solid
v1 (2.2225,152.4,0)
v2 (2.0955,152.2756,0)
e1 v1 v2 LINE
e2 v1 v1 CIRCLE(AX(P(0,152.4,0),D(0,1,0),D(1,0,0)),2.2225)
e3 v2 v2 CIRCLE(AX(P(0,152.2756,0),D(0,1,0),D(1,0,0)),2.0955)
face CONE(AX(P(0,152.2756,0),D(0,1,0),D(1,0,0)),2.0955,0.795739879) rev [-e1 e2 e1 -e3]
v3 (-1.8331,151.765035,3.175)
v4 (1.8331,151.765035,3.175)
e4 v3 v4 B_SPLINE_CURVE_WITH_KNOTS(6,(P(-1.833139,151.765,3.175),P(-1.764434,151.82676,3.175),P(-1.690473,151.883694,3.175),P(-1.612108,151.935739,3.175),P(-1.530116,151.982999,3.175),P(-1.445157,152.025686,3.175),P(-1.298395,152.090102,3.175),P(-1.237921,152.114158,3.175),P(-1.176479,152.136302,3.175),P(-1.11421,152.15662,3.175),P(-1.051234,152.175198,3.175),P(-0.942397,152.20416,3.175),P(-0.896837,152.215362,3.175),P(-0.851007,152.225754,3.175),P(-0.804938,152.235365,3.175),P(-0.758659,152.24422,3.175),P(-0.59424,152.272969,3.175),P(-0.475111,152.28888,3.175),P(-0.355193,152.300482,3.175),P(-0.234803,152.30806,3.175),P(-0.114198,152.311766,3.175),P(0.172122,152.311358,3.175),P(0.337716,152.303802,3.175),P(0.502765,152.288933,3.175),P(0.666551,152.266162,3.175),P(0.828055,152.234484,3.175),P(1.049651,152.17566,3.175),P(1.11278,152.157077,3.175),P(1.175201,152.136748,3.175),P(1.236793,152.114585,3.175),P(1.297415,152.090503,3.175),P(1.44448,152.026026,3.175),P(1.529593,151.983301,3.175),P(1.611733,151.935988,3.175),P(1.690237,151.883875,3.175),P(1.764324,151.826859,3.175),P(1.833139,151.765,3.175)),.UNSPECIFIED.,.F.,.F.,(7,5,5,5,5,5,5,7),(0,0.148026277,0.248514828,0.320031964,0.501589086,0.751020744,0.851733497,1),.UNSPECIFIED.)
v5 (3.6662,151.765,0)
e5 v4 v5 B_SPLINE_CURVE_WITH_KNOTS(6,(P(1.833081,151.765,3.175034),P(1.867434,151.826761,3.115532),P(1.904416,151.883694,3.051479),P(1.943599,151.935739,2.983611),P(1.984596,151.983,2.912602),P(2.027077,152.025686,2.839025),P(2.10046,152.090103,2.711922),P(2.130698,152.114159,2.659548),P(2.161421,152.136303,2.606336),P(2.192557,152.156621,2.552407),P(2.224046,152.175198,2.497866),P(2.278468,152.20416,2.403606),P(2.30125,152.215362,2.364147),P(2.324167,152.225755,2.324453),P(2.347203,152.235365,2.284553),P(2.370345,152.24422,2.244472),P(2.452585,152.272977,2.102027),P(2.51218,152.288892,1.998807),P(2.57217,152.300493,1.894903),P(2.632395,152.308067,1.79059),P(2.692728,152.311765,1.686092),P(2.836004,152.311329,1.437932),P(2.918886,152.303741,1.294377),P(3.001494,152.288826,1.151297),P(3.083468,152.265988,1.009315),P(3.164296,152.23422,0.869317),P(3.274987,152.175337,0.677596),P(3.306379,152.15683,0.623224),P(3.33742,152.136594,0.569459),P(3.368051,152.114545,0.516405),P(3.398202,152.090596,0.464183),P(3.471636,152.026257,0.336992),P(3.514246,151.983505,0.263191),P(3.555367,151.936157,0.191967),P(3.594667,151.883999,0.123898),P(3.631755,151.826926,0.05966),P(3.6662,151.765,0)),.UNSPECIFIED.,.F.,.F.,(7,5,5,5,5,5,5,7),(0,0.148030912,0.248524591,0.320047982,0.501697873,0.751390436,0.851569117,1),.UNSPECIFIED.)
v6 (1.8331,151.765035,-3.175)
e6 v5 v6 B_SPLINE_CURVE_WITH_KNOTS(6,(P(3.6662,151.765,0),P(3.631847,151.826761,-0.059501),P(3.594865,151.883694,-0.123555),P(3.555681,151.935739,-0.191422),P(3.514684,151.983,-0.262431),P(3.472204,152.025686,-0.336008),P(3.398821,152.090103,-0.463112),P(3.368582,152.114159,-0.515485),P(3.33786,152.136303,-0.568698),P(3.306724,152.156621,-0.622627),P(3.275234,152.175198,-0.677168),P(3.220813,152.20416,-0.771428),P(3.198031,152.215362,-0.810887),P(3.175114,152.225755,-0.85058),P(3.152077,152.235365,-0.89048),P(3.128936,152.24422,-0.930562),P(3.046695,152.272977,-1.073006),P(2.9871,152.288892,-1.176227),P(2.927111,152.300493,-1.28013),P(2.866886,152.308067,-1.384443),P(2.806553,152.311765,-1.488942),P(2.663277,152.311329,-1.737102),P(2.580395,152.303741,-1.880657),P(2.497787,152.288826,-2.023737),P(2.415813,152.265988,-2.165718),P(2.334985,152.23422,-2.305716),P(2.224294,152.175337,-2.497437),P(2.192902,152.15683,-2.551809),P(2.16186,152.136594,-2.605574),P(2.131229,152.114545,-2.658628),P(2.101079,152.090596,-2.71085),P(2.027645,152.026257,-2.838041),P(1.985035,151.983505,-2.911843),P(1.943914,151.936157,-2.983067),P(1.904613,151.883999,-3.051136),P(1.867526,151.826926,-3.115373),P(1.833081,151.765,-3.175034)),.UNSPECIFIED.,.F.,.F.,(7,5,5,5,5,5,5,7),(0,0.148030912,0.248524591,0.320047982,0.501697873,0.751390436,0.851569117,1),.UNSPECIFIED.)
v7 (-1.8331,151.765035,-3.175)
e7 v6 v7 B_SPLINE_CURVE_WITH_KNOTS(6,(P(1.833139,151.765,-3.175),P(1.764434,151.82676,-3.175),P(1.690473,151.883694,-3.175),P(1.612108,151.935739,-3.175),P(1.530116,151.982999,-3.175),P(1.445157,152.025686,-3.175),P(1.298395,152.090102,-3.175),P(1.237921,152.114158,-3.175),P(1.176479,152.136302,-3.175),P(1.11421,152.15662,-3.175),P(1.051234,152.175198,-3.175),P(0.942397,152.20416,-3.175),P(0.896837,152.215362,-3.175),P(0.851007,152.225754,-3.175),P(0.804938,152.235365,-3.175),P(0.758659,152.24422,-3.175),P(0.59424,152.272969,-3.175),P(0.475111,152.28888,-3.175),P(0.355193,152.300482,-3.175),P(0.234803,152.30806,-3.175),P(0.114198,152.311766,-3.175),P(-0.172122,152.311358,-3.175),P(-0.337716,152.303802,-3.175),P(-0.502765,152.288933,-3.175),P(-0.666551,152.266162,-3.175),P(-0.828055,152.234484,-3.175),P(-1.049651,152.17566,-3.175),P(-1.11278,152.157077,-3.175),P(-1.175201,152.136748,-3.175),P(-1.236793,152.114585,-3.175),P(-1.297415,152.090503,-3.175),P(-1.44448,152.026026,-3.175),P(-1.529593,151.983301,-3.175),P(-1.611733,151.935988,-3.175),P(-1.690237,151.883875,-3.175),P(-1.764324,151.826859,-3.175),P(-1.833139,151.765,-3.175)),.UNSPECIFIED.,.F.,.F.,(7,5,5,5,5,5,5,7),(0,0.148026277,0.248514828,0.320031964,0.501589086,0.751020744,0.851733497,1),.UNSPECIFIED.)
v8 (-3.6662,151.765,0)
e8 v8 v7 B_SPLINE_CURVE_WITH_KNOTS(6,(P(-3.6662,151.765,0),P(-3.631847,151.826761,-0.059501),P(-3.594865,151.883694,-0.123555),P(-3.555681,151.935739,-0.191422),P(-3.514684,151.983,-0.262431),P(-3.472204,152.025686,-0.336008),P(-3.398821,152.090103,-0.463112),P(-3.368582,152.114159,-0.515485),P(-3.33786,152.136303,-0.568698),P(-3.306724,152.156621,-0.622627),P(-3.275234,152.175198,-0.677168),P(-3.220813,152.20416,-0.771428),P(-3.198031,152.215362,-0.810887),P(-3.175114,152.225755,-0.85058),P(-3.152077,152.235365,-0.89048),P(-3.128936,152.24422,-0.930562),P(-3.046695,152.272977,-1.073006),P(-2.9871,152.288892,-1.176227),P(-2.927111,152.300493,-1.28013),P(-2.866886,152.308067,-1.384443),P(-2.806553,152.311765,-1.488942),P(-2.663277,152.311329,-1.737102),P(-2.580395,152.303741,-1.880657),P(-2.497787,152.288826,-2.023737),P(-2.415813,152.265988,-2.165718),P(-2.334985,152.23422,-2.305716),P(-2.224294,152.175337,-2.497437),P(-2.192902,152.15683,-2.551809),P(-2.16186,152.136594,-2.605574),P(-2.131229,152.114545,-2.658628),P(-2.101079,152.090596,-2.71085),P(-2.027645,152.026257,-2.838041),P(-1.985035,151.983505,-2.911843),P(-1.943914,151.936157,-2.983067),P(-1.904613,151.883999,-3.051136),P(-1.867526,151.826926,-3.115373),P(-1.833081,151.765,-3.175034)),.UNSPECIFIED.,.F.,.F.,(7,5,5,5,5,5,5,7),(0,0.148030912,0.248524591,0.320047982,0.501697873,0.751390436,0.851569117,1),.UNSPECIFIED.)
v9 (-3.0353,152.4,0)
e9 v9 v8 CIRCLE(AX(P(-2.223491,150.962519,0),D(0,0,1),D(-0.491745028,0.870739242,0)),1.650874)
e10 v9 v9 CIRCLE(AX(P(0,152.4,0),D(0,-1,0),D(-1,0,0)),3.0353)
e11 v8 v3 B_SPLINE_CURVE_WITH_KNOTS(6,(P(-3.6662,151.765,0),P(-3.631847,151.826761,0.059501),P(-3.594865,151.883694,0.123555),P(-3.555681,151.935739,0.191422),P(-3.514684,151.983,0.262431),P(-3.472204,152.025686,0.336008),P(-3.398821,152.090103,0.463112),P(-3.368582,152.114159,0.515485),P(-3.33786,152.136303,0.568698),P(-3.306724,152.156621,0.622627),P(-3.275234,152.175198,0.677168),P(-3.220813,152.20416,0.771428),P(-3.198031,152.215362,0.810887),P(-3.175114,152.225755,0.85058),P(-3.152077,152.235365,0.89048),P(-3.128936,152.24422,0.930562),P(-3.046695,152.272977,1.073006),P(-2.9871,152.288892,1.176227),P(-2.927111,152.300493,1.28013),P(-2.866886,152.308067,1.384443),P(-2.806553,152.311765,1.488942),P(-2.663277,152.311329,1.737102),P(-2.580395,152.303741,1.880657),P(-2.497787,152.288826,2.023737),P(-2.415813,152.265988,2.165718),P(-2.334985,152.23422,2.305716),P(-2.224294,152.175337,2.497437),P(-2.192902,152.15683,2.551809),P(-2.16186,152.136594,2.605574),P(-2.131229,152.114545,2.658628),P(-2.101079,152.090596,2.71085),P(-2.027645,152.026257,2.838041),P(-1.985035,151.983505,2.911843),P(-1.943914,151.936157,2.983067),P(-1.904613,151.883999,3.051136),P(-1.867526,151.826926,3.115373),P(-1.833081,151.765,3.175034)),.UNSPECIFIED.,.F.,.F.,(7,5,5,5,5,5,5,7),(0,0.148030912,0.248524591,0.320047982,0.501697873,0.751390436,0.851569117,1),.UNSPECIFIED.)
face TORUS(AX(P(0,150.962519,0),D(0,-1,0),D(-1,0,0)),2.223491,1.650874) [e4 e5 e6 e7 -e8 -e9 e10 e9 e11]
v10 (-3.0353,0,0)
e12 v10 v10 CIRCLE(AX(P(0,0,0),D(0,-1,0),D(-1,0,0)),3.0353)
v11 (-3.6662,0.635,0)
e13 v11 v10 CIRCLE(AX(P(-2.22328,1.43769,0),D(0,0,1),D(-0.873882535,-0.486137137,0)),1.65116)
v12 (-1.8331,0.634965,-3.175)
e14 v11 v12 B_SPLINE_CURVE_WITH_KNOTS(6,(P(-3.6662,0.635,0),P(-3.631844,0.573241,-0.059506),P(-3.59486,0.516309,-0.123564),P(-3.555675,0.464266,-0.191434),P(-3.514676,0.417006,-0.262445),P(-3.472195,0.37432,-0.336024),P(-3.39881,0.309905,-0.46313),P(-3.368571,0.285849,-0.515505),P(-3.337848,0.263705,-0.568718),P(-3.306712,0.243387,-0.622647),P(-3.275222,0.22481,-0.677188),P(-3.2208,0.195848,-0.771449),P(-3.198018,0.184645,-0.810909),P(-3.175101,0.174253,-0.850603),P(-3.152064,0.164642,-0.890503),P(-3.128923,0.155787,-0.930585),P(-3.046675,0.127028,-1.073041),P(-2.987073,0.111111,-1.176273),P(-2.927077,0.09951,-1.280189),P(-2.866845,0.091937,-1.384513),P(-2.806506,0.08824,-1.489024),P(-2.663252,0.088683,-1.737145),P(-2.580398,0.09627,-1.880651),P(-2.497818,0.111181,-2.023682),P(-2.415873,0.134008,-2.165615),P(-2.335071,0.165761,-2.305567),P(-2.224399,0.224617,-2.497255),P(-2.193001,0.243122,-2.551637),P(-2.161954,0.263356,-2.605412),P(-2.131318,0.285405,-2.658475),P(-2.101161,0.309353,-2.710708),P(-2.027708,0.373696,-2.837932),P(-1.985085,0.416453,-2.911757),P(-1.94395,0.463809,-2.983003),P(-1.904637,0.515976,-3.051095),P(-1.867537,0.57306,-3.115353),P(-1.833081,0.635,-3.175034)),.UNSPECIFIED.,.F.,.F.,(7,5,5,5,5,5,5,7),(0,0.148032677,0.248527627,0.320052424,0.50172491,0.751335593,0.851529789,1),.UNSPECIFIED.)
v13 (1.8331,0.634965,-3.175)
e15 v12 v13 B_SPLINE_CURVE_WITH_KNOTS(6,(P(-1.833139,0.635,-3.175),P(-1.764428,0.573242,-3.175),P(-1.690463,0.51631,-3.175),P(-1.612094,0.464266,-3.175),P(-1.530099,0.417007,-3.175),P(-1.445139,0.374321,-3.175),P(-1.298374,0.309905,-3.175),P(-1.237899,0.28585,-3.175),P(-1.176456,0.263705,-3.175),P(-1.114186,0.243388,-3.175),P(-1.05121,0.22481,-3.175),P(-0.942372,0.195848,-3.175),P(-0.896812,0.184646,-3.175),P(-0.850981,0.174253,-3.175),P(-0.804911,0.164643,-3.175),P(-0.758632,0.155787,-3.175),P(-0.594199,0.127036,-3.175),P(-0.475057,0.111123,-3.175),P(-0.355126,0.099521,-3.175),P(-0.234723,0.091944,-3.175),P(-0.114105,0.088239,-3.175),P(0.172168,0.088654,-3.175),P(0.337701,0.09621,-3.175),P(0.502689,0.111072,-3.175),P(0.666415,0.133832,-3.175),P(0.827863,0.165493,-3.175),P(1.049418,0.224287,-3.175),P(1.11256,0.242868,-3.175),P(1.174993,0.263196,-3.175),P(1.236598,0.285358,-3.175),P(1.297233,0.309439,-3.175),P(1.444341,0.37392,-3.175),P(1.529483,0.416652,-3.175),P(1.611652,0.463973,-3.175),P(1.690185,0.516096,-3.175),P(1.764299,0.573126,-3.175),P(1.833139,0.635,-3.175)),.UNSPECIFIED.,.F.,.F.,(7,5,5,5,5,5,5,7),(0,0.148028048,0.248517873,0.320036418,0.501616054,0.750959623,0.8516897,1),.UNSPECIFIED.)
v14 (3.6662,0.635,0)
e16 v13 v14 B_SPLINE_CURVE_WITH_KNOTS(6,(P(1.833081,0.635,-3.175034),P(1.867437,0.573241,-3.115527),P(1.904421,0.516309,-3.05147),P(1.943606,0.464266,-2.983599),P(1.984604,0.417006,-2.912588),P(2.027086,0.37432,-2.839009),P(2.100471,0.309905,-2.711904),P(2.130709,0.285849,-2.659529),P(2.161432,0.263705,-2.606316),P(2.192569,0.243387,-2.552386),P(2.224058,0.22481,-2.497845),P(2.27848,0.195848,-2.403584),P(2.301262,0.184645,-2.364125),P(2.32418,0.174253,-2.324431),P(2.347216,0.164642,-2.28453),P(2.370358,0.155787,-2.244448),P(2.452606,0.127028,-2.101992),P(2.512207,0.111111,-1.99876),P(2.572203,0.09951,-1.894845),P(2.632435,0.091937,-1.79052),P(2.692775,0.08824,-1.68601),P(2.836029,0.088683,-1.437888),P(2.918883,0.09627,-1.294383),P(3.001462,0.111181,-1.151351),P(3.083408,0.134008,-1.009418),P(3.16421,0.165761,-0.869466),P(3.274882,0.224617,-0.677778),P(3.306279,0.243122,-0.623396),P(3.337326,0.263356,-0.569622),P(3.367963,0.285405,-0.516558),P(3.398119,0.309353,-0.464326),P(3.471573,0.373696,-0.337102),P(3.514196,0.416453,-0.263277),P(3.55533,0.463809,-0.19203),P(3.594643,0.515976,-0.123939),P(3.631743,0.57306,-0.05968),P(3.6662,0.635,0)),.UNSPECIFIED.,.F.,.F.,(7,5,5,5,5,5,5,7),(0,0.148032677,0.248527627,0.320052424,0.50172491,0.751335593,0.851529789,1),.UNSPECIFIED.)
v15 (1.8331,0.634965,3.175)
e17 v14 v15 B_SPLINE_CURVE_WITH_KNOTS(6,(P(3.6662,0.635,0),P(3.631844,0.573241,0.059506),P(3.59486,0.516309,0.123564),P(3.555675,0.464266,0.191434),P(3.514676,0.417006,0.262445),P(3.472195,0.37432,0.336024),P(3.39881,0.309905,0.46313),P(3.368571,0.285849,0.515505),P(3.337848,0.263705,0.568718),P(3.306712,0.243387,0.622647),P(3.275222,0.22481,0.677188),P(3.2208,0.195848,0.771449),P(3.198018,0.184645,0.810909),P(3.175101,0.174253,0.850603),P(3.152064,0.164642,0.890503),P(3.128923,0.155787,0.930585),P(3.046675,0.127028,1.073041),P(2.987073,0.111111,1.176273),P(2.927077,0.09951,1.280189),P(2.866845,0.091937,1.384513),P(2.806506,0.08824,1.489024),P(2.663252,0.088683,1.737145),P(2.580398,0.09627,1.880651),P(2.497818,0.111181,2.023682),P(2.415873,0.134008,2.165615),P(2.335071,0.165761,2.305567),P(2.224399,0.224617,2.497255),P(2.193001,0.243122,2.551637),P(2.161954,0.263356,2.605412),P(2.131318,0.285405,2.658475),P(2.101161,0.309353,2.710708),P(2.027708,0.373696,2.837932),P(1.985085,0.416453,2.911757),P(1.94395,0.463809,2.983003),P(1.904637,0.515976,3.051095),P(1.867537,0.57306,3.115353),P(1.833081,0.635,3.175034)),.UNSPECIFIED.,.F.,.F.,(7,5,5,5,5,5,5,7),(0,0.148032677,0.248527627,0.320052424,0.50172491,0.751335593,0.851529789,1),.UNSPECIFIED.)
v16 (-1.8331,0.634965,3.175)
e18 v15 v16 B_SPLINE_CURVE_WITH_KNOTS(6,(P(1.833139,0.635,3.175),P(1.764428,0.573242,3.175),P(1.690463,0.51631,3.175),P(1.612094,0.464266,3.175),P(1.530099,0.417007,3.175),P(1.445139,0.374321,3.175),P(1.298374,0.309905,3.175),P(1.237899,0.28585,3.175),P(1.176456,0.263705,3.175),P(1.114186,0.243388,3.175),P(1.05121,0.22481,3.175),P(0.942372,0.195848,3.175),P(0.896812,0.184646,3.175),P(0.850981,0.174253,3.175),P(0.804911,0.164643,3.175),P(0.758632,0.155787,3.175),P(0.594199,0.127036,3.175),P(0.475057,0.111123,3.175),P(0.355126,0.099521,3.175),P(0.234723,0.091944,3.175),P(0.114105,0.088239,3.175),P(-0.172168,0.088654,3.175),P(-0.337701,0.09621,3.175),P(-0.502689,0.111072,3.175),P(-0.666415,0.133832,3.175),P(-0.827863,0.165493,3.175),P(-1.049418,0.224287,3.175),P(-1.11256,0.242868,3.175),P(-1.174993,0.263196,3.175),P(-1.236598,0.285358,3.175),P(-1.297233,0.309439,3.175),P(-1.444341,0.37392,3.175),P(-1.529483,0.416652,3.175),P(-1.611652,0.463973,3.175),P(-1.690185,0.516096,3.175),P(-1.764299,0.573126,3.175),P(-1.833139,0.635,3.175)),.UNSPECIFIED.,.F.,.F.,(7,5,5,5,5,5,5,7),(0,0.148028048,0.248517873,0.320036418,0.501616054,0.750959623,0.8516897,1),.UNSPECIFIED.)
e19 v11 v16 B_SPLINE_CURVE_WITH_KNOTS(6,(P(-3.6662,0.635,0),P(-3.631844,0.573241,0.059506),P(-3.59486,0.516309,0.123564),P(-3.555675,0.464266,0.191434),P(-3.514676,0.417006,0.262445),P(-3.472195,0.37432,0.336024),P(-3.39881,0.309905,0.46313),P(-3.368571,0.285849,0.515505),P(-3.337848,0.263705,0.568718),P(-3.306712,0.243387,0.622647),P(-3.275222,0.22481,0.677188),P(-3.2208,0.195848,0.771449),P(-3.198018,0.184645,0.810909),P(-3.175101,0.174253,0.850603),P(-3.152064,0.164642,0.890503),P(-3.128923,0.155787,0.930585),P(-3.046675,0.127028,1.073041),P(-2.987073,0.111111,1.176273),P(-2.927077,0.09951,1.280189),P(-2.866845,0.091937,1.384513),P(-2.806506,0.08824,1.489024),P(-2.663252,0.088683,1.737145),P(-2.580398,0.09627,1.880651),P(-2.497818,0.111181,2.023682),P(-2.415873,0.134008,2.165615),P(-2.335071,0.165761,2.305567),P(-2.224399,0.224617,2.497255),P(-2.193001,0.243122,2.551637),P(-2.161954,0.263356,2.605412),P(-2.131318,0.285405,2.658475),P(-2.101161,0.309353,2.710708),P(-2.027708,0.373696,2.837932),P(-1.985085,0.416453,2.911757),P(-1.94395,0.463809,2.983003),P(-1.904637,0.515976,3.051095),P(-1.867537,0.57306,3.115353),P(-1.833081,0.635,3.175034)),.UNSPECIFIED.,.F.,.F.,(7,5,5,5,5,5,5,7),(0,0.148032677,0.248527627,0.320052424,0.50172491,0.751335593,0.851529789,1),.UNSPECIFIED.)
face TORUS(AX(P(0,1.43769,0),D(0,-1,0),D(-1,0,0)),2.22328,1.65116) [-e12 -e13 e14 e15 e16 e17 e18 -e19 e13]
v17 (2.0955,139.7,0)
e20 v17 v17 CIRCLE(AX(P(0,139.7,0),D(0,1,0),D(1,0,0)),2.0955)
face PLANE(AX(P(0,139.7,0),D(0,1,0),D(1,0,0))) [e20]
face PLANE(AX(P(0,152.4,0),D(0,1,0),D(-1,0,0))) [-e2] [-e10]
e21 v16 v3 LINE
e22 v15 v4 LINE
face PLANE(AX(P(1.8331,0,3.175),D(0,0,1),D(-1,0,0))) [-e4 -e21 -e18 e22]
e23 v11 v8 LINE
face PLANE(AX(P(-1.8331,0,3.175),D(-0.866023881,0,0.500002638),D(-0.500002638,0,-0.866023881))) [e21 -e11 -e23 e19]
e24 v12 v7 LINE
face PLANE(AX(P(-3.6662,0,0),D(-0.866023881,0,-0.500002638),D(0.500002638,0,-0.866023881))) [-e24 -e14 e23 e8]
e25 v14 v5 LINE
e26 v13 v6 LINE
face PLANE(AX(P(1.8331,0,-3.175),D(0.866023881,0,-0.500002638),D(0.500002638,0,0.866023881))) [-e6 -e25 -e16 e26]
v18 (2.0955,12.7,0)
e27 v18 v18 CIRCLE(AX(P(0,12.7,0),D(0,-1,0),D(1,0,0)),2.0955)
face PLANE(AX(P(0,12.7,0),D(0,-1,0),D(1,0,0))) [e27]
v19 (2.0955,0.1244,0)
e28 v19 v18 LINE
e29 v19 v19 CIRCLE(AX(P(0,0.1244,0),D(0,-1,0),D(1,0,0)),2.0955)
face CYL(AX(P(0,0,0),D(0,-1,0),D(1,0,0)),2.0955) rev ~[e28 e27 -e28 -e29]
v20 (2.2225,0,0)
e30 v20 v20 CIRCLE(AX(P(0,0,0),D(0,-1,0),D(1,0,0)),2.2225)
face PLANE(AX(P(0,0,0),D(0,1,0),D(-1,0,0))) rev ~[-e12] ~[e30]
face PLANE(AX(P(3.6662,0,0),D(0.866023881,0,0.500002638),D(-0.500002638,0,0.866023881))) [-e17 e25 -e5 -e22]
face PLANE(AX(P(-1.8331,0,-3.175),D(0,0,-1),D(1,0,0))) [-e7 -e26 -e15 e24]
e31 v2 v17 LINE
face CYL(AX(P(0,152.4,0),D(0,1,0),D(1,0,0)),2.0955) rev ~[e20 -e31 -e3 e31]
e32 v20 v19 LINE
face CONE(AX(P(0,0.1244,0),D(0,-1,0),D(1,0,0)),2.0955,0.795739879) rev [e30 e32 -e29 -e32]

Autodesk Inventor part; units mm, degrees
ref_plane "YZ Plane" through (0, 0, 0) normal (1, 0, 0) x (0, 1, 0)
ref_plane "XZ Plane" through (0, 0, 0) normal (0, 1, 0) x (-1, 0, 0)
ref_plane "XY Plane" through (0, 0, 0) normal (0, 0, 1) x (1, 0, 0)
sketch "Sketch1" plane through (0, 0, 0) normal (0, 1, 0) x (-1, 0, 0)
  line L0 (-1.8331, -3.175) -> (-3.6662, 0)
  line L1 (-3.6662, 0) -> (-1.8331, 3.175)
  line L2 (-1.8331, 3.175) -> (1.8331, 3.175)
  line L3 (1.8331, 3.175) -> (3.6662, 0)
  line L4 (3.6662, 0) -> (1.8331, -3.175)
  line L5 (1.8331, -3.175) -> (-1.8331, -3.175)
  point P0 (0, 0)
  point P1 (0, 0)
  dimension "d0" = 6.35
extrude "Body" add sketch "Sketch1" along normal blind 152.4
sketch "Sketch2" plane through (0, 152.4, 0) normal (0, 1, 0) x (1, 0, 0)
  circle A0 centre (0, 0) radius 2.0955
  dimension "d3" = 4.191
extrude "Hole 2" cut sketch "Sketch2" against normal blind 12.7
sketch "Sketch3" plane through (0, 0, 0) normal (0, -1, 0) x (1, 0, 0)
  circle A0 centre (0, 0) radius 2.0955
  dimension "d6" = 4.191
extrude "Hole 1" cut sketch "Sketch3" against normal blind 12.7
chamfer "Hole 2 Chamfer 1" distance 0.127 distance2 0.1244 1 edges at (-2.0955, 152.4, 0) measured on face at (0.0842, 152.4, 2.8101)
chamfer "Hole 1 Chamfer 1" distance 0.127 distance2 0.1244 1 edges at (-2.0955, 0, 0) measured on face at (-0.0842, 0, 2.8101)
sketch "Sketch4" plane through (0, 0, 0) normal (0, 0, 1) x (1, 0, 0)
  line L0 (1.8331, 152.4) -> (-1.8331, 152.4) projected
  line L1 (0, 152.4) -> (-3.0353, 152.4)
  line L2 (-3.6662, 152.4) -> (-1.8331, 152.4) projected
  line L3 (-3.6662, 0) -> (-3.6662, 152.4) projected
  arc A0 (-3.0353, 152.4) -> (-3.6662, 151.765) centre (-2.2234, 150.9624) ccw
  line L4 (-3.6662, 151.765) -> (-6.3588, 154.3647)
  line L5 (-6.3588, 154.3647) -> (0, 152.4)
  line L6 (0, 152.4) -> (0, 142.564)
  point P0 (0, 0)
  dimension "d15" = 3.0353
  dimension "d16" = 1.651
  dimension "d17" = 0.635
revolve "Hole 2 Chamfer 2" cut sketch "Sketch4" angle 360 about axis through (0, 152.4, 0) along (0, -1, 0)
sketch "Sketch5" plane through (0, 0, 0) normal (0, 0, 1) x (1, 0, 0)
  line L0 (0, 0) -> (-3.0353, 0)
  line L1 (1.8331, 0) -> (-1.8331, 0) projected
  line L2 (-3.6662, 0) -> (-3.6662, 152.4) projected
  arc A0 (-3.6662, 0.635) -> (-3.0353, 0) centre (-2.2234, 1.4376) ccw
  line L3 (0, 0) -> (0, -2.1986)
  line L4 (-3.6662, 0.635) -> (-4.1154, -0.8715)
  line L5 (-4.1154, -0.8715) -> (0, 0)
  point P0 (-3.6662, 151.765)
  dimension "d19" = 3.0353
  dimension "d20" = 1.651
  dimension "d21" = 0.635
revolve "Hole 1 Chamfer 2" cut sketch "Sketch5" angle 360 about axis through (0, 0, 0) along (0, -1, 0)
chamfer "Hole 2 Chamfer 1 For Short" [suppressed]
sketch "Sketch7" plane through (0, 0, 0) normal (0, 0, 1) x (1, 0, 0)
  line L0 (0, 152.4004) -> (3.0353, 152.4)
  line L1 (3.6662, 152.4) -> (1.8331, 152.4) projected
  line L2 (3.6662, 0.635) -> (3.6662, 152.4) projected
  arc A0 (3.6662, 151.765) -> (3.0353, 152.4) centre (2.2234, 150.9624) ccw
  line L3 (3.6662, 151.765) -> (4.2663, 153.3032)
  line L4 (4.2663, 153.3032) -> (0, 152.4004)
  line L5 (0, 154.2061) -> (0, 152.4004)
  line L6 (1.8331, 152.4) -> (-1.8331, 152.4) projected
  point P0 (0, 0)
  point P1 (0, 152.4)
  dimension "d33" = 3.0353
  dimension "d34" = 1.651
  dimension "d35" = 0.635
revolve "Hole 2 Chamfer 2 For Short" [suppressed]
properties part number "Standoff .5" material "VEX Aluminum Alloy 5052-H32"
